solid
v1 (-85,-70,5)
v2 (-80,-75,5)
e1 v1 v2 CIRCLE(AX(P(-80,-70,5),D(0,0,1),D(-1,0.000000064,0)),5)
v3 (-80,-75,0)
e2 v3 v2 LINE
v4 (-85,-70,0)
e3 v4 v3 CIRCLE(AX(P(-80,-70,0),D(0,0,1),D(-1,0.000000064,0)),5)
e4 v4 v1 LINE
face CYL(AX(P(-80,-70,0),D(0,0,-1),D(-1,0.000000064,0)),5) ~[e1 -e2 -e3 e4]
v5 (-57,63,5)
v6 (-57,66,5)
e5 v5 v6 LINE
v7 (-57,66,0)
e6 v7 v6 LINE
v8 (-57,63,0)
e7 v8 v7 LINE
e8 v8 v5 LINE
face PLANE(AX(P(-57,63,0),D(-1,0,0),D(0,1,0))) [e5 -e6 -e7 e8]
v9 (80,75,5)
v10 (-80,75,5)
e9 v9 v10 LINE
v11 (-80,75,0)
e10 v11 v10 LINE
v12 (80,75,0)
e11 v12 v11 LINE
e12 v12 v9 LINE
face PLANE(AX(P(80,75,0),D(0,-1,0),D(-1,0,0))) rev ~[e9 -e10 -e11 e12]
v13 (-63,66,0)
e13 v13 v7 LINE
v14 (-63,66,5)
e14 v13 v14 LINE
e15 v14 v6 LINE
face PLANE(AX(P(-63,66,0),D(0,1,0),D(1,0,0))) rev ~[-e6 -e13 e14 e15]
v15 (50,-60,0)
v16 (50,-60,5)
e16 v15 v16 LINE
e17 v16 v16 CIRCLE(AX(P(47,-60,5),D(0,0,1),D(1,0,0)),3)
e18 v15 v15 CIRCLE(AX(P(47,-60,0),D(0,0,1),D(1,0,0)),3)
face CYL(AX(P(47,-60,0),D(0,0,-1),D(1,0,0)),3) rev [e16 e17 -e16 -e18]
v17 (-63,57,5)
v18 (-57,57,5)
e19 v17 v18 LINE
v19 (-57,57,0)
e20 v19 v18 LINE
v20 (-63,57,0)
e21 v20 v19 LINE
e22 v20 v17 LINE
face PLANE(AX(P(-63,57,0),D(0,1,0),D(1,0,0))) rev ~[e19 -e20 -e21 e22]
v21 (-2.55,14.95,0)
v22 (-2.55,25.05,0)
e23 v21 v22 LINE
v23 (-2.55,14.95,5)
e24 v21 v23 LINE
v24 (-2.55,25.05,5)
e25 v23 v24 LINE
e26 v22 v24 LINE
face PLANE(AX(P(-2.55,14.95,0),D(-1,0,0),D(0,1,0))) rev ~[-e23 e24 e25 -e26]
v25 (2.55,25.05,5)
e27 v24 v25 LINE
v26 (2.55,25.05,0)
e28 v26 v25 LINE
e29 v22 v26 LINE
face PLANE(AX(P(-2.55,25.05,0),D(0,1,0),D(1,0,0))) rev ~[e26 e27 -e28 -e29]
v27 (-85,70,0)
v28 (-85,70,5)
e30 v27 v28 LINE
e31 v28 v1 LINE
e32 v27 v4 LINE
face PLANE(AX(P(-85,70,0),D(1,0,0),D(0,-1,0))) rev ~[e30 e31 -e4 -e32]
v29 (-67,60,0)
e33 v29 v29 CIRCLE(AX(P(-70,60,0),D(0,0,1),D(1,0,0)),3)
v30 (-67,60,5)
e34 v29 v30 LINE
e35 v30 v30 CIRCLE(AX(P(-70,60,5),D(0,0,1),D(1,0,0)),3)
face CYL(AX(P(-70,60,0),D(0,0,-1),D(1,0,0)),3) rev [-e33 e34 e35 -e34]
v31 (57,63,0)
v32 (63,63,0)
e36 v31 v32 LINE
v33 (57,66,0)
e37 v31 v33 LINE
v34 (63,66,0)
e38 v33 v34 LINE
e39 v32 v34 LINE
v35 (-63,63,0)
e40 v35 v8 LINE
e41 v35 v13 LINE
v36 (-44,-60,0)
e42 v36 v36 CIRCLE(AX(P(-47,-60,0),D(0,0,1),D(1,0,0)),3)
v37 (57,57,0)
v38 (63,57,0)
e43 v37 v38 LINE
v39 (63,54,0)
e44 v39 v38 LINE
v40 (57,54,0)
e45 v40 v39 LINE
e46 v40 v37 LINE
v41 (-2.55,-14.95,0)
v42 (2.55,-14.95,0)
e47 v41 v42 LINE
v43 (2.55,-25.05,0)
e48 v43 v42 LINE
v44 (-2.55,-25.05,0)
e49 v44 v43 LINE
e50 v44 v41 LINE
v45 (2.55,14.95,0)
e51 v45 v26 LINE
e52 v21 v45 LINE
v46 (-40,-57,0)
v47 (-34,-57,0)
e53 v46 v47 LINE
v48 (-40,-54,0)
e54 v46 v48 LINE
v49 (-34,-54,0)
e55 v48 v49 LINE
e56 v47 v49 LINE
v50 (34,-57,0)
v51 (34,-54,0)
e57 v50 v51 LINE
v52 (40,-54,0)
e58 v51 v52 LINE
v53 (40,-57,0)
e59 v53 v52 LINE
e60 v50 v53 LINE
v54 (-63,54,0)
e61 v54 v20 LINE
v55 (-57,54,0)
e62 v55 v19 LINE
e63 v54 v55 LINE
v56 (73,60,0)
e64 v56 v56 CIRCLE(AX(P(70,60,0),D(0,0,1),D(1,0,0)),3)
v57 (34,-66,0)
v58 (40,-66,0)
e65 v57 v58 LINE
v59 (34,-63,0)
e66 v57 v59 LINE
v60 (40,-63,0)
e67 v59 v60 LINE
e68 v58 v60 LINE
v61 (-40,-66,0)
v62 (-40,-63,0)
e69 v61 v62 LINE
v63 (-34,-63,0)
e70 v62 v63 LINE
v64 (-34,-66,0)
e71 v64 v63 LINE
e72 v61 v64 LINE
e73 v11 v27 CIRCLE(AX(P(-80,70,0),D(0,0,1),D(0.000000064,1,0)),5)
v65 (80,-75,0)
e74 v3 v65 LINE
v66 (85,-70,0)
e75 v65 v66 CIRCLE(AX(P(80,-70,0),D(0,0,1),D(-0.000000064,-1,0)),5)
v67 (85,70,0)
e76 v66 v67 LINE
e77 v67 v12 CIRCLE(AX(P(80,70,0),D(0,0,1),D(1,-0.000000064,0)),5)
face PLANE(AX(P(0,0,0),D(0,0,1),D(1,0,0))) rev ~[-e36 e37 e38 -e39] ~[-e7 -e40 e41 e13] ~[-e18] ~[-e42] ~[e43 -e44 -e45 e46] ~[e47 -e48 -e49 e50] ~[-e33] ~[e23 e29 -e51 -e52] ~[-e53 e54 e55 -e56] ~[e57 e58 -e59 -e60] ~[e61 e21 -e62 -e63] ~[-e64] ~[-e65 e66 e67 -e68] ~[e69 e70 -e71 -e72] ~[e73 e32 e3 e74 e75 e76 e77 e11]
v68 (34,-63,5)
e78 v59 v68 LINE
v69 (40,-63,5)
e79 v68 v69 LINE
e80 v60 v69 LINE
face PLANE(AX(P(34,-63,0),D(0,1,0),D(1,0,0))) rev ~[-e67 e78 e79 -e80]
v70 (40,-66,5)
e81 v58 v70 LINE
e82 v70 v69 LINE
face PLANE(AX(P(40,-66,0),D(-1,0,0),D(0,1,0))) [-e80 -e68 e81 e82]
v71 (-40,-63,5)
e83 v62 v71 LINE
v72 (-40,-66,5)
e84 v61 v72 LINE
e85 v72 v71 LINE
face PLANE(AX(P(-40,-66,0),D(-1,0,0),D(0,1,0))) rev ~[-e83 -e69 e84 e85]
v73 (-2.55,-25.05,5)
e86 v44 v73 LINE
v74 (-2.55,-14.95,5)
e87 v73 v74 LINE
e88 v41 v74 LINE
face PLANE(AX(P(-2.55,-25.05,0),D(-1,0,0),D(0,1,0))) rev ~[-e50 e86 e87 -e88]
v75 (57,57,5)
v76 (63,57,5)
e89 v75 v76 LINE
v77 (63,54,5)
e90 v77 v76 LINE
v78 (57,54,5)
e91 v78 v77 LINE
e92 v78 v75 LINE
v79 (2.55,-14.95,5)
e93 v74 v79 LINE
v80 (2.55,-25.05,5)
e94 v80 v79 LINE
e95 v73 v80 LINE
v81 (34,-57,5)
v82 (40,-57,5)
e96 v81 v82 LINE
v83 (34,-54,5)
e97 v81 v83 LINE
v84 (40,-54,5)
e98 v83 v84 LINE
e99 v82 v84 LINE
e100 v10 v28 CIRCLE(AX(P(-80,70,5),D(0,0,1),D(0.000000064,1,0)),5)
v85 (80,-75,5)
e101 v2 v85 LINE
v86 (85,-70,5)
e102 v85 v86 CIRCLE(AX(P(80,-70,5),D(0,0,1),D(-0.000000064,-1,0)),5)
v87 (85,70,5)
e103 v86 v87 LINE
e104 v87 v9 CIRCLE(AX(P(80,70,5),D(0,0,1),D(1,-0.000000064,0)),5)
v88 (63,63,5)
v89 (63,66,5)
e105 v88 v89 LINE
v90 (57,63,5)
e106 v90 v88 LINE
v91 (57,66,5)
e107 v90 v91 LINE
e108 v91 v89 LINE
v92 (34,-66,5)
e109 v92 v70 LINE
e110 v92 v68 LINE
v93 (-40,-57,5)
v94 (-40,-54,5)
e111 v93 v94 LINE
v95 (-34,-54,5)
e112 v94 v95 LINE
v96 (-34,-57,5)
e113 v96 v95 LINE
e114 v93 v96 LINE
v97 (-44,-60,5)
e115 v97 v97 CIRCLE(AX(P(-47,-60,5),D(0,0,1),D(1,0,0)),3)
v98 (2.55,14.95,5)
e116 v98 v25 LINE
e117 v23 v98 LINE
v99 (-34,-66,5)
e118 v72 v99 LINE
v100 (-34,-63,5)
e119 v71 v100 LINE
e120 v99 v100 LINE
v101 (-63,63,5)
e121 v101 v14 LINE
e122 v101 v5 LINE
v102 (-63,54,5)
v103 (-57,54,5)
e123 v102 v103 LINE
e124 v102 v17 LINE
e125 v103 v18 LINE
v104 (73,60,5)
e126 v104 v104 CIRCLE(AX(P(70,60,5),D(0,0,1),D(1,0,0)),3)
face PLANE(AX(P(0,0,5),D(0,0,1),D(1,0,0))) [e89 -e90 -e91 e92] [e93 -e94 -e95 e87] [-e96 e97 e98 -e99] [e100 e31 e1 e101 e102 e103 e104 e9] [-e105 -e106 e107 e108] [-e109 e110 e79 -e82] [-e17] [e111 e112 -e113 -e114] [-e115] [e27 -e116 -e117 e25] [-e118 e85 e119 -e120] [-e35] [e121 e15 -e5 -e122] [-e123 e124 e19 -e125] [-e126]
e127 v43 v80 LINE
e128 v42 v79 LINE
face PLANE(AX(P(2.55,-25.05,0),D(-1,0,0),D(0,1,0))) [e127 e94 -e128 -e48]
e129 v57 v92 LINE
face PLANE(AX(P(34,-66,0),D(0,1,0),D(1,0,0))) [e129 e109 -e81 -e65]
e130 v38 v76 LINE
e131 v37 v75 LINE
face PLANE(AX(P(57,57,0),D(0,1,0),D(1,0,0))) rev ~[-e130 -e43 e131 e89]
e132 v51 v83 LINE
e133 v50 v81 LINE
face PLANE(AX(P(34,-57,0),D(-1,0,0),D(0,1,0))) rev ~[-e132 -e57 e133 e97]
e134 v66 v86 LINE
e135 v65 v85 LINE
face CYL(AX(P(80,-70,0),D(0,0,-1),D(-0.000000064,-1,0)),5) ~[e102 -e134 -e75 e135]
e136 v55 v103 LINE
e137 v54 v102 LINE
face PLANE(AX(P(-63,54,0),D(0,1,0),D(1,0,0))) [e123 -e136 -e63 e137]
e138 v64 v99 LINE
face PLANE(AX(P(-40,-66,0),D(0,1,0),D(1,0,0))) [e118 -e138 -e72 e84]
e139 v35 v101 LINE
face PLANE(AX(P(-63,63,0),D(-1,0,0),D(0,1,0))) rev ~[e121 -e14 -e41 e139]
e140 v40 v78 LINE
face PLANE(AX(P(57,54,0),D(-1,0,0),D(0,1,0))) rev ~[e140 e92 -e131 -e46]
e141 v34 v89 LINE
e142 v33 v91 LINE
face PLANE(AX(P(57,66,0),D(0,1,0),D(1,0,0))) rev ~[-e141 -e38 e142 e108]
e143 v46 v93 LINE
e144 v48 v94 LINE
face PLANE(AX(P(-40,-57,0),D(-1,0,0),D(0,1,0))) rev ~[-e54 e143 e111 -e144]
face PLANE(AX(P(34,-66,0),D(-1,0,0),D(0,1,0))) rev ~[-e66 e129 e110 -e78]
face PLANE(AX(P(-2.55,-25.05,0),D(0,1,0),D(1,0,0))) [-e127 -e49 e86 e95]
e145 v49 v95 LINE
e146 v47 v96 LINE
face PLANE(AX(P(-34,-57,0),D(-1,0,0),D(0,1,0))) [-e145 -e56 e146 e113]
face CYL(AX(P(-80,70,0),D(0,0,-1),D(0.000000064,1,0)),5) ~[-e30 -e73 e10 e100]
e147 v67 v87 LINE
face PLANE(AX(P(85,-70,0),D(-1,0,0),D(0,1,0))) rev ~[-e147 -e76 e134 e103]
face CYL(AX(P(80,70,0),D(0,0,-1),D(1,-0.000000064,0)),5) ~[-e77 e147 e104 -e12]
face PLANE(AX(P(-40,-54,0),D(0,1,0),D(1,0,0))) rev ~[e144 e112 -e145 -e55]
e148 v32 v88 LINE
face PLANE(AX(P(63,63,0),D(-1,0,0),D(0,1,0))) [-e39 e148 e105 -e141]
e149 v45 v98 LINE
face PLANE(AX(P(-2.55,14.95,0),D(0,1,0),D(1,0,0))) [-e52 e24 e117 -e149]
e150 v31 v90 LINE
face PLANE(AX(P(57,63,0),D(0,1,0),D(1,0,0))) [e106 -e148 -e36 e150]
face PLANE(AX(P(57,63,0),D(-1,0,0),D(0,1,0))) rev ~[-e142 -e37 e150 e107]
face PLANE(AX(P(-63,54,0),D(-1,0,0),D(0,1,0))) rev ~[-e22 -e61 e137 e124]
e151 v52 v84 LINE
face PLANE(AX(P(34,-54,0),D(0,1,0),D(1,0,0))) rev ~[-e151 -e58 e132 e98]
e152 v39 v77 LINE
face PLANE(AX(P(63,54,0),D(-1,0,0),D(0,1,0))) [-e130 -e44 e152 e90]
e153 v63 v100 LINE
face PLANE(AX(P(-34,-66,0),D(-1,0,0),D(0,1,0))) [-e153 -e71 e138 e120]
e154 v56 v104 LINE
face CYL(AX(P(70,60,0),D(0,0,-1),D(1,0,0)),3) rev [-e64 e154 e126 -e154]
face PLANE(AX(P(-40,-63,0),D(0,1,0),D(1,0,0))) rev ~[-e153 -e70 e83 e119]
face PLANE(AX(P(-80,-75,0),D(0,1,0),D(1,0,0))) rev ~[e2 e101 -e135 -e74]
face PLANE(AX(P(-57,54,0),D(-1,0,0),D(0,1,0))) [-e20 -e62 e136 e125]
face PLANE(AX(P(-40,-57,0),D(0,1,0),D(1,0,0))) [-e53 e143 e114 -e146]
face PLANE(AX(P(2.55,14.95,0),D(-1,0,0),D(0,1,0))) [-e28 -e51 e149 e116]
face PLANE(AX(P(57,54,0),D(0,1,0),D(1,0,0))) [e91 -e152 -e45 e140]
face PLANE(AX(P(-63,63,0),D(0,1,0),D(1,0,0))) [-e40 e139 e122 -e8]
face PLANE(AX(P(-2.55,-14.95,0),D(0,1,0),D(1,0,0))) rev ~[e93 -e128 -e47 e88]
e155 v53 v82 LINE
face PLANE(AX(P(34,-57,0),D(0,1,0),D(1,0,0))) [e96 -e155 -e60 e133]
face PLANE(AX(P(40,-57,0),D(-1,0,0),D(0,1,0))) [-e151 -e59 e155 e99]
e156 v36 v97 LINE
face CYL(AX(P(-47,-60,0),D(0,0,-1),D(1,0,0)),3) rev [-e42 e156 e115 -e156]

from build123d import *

# Parameters (mm, degrees)
F0_R     = 3
F0_W     = 6
F0_H     = 3
F0_W_2   = 5.1
F0_H_2   = 10.1
F1_DEPTH = 5


with BuildPart() as f1:
    # F0 (on Top) → F1 (new body)
    with BuildSketch(Plane.XY):
        with BuildLine():
            ThreePointArc((85, 70), (83.535534, 73.535534), (80, 75))
            Line((80, 75), (-80, 75))
            ThreePointArc((-80, 75), (-83.535534, 73.535534), (-85, 70))
            Line((-85, 70), (-85, -70))
            ThreePointArc((-85, -70), (-83.535534, -73.535534), (-80, -75))
            Line((-80, -75), (80, -75))
            ThreePointArc((80, -75), (83.535534, -73.535534), (85, -70))
            Line((85, -70), (85, 70))
        make_face()
        with Locations((-47, -60)):
            Circle(F0_R, mode=Mode.SUBTRACT)
        with Locations((-37, -64.5)):
            Rectangle(F0_W, F0_H, mode=Mode.SUBTRACT)
        with Locations((-37, -55.5)):
            Rectangle(F0_W, F0_H, mode=Mode.SUBTRACT)
        with Locations((37, -64.5)):
            Rectangle(F0_W, F0_H, mode=Mode.SUBTRACT)
        with Locations((37, -55.5)):
            Rectangle(F0_W, F0_H, mode=Mode.SUBTRACT)
        with Locations((47, -60)):
            Circle(F0_R, mode=Mode.SUBTRACT)
        with Locations((0, -20)):
            Rectangle(F0_W_2, F0_H_2, mode=Mode.SUBTRACT)
        with Locations((-60, 55.5)):
            Rectangle(F0_W, F0_H, mode=Mode.SUBTRACT)
        with Locations((-70, 60)):
            Circle(F0_R, mode=Mode.SUBTRACT)
        with Locations((-60, 64.5)):
            Rectangle(F0_W, F0_H, mode=Mode.SUBTRACT)
        with Locations((0, 20)):
            Rectangle(F0_W_2, F0_H_2, mode=Mode.SUBTRACT)
        with Locations((60, 55.5)):
            Rectangle(F0_W, F0_H, mode=Mode.SUBTRACT)
        with Locations((60, 64.5)):
            Rectangle(F0_W, F0_H, mode=Mode.SUBTRACT)
        with Locations((70, 60)):
            Circle(F0_R, mode=Mode.SUBTRACT)
    extrude(amount=F1_DEPTH)


solid = f1.part
